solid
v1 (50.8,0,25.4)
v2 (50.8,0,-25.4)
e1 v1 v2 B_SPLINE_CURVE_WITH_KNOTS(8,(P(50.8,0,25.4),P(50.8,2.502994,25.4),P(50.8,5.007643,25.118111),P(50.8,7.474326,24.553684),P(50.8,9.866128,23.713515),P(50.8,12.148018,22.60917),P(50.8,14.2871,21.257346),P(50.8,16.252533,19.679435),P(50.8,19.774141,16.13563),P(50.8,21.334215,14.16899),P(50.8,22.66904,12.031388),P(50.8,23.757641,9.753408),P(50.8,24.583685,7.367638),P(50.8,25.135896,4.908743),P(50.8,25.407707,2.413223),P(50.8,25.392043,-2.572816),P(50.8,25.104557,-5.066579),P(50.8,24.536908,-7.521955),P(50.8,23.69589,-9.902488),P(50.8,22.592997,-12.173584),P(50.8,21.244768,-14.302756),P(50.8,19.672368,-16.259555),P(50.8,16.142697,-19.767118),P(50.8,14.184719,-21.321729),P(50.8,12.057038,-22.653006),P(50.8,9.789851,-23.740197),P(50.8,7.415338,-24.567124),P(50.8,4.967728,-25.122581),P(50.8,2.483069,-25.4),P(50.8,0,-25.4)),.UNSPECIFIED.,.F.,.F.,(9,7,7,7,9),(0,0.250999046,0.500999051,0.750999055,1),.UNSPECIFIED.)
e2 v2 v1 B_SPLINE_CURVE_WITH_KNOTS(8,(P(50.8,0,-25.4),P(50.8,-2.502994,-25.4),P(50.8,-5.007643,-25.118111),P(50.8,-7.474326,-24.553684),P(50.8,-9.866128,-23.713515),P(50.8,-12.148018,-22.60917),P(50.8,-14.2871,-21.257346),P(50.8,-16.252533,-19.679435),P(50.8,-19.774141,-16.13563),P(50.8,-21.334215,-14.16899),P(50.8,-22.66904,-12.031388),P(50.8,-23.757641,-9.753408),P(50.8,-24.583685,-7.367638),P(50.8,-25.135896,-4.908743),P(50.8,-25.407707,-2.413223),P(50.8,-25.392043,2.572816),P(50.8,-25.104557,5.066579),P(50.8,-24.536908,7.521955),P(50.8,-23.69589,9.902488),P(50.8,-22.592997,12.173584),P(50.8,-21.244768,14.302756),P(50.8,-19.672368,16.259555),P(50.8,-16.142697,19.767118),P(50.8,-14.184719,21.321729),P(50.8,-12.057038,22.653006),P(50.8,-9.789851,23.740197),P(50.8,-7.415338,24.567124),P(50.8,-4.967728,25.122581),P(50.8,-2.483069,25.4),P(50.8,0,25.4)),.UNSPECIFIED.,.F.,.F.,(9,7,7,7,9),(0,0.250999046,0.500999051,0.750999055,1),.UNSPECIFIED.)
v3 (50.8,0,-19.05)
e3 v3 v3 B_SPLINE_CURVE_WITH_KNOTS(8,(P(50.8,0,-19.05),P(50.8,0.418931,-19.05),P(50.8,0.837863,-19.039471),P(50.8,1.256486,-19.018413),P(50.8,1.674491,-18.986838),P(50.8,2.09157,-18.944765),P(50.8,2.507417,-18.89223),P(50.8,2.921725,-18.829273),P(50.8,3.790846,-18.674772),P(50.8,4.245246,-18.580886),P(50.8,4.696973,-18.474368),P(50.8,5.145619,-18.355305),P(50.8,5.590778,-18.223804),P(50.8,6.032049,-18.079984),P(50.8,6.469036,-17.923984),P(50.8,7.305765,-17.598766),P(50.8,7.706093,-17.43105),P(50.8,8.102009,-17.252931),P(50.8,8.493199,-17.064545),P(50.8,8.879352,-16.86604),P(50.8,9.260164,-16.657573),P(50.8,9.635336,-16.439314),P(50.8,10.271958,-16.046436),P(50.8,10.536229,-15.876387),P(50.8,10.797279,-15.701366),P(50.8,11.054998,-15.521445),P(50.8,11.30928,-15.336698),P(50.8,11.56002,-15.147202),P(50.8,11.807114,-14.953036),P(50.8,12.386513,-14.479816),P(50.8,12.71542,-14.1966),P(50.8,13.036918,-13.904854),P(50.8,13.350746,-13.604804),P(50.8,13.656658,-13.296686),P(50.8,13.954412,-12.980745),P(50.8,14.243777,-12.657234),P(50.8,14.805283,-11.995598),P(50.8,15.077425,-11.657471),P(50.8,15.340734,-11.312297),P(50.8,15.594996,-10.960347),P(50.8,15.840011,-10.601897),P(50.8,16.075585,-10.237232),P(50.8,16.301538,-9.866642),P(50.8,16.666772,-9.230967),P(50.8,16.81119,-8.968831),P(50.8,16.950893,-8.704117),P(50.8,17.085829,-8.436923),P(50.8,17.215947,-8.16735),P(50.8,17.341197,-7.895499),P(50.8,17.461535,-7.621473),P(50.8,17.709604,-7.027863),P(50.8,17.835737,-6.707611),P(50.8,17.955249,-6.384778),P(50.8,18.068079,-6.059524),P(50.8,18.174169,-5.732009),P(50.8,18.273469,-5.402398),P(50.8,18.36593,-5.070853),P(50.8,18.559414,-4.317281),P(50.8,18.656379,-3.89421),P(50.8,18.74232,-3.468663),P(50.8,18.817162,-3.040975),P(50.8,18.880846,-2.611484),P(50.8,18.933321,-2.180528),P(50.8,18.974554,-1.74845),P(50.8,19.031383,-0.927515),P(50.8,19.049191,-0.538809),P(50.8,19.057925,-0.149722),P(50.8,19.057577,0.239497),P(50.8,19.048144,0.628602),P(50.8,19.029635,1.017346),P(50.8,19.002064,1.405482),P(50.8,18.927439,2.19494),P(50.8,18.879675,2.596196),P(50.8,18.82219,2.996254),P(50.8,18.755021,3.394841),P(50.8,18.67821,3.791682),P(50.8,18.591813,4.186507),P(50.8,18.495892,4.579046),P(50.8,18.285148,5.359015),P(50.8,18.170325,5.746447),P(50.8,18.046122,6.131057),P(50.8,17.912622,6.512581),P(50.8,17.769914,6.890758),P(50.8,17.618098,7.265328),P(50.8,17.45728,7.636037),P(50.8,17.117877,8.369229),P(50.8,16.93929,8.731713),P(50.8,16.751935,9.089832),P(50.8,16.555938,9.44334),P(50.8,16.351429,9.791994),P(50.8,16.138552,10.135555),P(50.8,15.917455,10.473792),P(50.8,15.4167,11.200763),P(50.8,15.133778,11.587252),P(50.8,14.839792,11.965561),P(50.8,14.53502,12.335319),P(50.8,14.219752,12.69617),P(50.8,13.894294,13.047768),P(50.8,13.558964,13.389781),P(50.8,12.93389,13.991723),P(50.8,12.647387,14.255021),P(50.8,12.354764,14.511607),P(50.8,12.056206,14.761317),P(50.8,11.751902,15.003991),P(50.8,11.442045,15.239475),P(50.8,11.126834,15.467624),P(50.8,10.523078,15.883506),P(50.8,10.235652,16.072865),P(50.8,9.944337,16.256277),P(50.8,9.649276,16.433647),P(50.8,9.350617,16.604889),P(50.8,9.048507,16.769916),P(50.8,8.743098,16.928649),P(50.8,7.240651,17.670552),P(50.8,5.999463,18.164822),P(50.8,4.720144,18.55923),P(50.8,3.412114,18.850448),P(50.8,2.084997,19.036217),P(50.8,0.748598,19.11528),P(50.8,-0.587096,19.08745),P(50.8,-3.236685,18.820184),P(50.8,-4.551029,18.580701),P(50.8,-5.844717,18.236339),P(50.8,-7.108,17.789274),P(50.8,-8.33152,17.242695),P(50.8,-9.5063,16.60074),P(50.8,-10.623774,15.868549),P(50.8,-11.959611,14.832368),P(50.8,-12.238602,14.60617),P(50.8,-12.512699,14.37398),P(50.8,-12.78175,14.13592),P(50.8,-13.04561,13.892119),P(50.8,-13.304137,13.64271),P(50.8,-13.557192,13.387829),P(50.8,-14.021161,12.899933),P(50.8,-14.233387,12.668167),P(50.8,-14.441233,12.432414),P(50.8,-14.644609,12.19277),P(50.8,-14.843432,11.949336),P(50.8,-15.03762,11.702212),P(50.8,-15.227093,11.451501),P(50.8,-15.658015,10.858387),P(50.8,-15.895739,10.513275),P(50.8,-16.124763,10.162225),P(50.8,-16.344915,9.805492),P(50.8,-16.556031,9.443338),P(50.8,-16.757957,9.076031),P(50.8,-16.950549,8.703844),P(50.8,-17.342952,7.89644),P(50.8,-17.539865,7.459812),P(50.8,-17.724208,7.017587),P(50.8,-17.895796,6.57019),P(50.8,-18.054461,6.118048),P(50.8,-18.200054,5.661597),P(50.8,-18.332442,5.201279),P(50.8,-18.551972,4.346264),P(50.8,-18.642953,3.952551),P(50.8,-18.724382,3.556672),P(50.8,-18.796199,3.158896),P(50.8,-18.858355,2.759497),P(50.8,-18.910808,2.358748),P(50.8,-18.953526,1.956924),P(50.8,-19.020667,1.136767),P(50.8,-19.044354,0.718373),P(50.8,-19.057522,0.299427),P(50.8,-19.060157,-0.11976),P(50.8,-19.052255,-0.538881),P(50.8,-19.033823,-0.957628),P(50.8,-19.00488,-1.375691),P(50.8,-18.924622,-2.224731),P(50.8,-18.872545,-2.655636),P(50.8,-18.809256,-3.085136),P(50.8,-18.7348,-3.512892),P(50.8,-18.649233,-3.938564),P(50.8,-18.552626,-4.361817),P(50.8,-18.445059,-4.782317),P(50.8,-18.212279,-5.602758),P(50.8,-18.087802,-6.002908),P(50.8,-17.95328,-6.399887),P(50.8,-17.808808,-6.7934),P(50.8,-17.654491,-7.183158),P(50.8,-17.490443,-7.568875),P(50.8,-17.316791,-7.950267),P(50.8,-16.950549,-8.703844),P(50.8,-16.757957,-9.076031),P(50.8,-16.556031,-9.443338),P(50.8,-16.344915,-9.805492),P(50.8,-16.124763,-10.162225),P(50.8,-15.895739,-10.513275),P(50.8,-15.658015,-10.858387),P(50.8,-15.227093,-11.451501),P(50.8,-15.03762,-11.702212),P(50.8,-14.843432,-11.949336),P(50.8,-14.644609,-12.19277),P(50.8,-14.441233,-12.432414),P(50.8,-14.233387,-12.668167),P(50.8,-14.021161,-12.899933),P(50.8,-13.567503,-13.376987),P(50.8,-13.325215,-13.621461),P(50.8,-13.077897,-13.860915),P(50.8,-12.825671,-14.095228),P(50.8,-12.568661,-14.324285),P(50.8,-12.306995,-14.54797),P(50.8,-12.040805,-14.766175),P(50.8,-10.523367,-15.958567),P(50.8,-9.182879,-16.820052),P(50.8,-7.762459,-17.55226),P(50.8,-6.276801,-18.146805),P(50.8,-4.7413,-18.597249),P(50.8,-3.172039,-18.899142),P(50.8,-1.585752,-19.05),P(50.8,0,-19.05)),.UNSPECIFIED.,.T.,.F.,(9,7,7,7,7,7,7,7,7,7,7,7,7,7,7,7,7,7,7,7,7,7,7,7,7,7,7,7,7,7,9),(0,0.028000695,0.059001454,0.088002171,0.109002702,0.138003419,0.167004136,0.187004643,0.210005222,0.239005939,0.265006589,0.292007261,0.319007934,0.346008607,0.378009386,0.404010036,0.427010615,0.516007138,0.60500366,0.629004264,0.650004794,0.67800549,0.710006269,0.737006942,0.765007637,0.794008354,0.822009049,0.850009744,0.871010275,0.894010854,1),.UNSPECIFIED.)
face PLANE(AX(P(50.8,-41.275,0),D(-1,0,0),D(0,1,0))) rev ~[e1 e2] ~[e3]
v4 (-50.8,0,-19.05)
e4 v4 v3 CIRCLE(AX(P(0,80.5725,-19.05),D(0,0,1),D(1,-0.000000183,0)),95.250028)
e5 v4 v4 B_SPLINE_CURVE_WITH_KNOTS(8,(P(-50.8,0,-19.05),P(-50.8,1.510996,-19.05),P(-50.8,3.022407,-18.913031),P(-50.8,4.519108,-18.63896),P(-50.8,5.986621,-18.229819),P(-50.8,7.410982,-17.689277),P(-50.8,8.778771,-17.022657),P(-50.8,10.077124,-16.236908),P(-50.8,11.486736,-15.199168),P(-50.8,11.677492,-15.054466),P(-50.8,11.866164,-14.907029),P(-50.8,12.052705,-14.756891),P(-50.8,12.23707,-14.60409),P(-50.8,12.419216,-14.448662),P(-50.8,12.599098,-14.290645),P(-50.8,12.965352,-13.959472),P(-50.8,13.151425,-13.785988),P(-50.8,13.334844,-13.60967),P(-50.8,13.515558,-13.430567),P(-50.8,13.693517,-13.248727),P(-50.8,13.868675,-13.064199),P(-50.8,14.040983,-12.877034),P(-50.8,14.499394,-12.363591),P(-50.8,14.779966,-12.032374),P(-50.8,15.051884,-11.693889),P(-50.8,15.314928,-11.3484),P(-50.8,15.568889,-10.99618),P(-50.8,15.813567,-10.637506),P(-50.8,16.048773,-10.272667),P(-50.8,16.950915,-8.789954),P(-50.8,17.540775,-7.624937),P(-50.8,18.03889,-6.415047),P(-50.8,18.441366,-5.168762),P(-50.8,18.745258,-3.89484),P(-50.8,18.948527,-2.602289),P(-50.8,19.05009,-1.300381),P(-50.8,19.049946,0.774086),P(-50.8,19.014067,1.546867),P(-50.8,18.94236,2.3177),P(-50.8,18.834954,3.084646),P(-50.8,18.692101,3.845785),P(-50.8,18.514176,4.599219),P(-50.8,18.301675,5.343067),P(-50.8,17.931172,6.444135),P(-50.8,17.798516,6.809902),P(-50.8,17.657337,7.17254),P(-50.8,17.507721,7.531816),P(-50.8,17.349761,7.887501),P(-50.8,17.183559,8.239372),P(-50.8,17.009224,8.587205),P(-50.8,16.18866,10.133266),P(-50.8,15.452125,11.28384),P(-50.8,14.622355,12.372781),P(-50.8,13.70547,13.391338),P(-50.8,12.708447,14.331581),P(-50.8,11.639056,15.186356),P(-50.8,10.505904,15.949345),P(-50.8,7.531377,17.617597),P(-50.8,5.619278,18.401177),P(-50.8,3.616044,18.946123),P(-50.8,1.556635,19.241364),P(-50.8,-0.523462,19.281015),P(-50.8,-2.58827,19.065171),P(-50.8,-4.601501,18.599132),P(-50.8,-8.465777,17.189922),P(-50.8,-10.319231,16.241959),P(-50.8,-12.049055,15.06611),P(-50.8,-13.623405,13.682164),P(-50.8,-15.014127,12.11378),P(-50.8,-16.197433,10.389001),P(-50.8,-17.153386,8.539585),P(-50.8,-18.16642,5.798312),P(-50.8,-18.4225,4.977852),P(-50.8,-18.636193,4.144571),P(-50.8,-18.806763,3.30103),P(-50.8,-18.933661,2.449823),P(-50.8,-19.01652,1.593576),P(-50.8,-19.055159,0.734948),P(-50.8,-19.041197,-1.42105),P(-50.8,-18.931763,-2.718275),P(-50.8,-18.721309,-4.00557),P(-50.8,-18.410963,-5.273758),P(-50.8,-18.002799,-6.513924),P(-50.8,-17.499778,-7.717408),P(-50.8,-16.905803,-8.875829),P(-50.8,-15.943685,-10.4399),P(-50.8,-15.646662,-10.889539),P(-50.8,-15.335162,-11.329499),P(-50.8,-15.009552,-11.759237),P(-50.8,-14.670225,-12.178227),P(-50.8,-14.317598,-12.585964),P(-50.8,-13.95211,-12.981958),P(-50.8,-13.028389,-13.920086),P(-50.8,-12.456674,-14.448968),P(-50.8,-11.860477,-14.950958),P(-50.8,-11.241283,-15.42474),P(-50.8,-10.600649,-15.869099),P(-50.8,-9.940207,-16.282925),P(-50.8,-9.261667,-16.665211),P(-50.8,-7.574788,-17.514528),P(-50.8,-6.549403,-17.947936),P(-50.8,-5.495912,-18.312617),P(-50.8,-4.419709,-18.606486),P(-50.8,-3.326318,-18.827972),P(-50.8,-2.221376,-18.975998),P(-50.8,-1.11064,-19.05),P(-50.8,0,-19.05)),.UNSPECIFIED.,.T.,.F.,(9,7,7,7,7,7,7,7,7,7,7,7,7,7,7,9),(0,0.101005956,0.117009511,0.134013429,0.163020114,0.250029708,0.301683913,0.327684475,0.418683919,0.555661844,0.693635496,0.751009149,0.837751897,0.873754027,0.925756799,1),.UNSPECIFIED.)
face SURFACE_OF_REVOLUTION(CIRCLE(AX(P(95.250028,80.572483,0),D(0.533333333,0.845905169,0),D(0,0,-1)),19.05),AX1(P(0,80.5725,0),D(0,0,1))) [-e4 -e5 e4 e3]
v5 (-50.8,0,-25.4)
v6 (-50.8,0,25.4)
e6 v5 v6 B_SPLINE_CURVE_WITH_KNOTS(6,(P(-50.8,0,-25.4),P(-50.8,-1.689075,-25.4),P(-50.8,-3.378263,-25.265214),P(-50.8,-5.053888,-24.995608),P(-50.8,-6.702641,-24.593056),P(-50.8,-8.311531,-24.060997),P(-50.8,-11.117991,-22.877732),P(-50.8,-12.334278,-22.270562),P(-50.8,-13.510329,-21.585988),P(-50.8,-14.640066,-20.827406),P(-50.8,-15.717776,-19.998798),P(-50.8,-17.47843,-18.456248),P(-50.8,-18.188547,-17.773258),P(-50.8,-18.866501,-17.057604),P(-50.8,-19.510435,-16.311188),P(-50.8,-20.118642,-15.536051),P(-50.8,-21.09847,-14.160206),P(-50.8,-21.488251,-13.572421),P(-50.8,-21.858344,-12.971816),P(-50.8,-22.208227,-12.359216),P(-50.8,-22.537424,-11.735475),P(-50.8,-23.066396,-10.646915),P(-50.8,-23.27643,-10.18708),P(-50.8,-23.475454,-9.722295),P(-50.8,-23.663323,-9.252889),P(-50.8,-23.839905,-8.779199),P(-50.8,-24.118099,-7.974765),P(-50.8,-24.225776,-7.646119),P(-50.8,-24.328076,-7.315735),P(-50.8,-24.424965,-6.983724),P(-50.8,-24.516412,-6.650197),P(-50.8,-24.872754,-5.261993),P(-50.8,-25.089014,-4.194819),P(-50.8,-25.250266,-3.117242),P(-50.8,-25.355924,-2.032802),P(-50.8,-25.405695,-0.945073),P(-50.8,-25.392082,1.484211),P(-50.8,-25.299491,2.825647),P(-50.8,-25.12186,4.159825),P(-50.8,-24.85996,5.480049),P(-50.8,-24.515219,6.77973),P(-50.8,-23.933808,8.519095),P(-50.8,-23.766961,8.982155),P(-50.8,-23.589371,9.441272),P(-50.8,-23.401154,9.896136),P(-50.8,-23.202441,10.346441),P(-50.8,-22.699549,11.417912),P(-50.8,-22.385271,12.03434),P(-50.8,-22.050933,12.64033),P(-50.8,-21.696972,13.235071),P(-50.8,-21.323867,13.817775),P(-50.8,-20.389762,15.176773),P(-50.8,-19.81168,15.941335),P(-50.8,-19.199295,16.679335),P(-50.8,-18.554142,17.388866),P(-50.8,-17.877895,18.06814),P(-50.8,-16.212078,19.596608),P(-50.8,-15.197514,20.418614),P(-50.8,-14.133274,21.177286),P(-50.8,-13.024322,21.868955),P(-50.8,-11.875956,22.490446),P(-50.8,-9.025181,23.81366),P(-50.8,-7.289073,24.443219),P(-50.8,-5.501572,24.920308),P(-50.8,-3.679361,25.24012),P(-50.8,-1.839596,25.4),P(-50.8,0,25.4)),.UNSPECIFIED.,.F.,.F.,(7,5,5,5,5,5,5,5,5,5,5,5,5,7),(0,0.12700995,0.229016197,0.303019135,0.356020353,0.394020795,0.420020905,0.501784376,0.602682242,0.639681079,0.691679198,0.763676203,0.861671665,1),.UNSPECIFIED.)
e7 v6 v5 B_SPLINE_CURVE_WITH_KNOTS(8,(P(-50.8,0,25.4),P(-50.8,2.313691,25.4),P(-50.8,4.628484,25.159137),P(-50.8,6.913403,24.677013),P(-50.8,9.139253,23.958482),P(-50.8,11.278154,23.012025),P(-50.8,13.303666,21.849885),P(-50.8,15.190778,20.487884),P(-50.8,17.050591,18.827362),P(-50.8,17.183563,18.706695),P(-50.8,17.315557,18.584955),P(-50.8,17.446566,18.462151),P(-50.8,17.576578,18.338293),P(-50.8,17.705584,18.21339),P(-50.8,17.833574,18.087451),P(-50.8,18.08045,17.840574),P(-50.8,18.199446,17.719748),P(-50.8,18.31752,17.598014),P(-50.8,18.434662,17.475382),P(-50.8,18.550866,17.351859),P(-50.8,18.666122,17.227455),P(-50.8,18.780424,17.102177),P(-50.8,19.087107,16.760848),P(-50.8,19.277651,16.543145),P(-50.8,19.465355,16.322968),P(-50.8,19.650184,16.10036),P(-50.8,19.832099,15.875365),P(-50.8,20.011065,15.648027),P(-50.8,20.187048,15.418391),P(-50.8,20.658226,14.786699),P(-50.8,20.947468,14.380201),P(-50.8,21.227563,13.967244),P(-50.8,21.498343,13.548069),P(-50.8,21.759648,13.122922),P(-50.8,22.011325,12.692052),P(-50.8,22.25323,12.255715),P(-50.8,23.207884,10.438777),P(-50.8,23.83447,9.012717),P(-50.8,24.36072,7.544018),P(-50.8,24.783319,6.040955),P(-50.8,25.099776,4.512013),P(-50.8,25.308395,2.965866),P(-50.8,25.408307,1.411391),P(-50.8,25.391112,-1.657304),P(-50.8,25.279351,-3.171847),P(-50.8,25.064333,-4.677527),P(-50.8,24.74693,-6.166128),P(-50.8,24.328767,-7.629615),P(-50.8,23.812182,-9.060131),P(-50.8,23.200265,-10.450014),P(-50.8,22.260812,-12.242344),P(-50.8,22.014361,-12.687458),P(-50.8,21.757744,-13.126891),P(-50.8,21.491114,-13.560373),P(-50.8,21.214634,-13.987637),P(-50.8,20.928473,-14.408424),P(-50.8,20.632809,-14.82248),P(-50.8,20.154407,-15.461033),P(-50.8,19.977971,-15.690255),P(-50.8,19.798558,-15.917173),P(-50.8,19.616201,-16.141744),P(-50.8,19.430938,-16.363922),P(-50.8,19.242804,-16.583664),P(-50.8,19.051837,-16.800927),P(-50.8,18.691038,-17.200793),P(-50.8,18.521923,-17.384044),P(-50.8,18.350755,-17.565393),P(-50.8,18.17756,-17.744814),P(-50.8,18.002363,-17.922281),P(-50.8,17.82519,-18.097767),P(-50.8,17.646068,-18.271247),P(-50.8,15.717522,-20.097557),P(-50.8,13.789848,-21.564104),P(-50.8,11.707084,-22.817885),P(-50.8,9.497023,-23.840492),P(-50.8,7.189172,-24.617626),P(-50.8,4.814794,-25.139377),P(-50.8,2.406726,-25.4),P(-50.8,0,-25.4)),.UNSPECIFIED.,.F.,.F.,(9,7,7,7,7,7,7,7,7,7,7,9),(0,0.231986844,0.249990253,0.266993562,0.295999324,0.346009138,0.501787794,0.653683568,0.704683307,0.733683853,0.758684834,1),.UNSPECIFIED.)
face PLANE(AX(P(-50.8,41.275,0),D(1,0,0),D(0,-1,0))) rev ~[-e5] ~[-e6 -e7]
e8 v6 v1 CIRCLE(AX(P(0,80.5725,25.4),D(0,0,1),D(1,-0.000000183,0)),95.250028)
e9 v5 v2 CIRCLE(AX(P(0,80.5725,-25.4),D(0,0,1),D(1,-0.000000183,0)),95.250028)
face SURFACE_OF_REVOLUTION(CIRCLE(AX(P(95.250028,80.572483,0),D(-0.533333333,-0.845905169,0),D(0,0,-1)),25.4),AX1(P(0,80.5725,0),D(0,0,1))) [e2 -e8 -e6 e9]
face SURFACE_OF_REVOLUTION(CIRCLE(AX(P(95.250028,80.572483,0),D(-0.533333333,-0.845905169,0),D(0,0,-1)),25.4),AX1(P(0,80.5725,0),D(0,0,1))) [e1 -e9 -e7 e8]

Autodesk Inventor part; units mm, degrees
ref_plane "YZ Plane" through (0, 0, 0) normal (1, 0, 0) x (0, 1, 0)
ref_plane "XZ Plane" through (0, 0, 0) normal (0, 1, 0) x (-1, 0, 0)
ref_plane "XY Plane" through (0, 0, 0) normal (0, 0, 1) x (1, 0, 0)
sketch "Sketch1" plane through (0, 0, 0) normal (0, 0, 1) x (1, 0, 0)
  line L0 (-50.8, -41.275) -> (50.8, -41.275)
  line L1 (50.8, -41.275) -> (50.8, 41.275)
  line L2 (50.8, 41.275) -> (-50.8, 41.275)
  line L3 (-50.8, 41.275) -> (-50.8, -41.275)
  line L4 (-50.8, -41.275) -> (50.8, 41.275) construction
  line L5 (50.8, -41.275) -> (-50.8, 41.275) construction
  point P0 (0, 0)
  dimension "d0" = 101.6
  dimension "d1" = 82.55
extrude "Extrusion1" add sketch "Sketch1" along normal mid plane 50.8
sketch "Sketch2" plane through (50.8, -41.275, 25.4) normal (1, 0, 0) x (0, 0, -1)
  line L0 (50.8, 82.55) -> (50.8, 0) construction
  line L1 (50.8, 0) -> (0, 0) construction
  line L2 (0, 0) -> (0, 82.55) construction
  line L3 (0, 82.55) -> (50.8, 82.55) construction
  circle A0 centre (25.4, 41.275) radius 19.05
  line L4 (50.8, 82.55) -> (0, 82.55) construction
  dimension "d4" = 38.1
sketch "Sketch3" plane through (0, 0, 0) normal (0, 0, 1) x (1, 0, 0)
  line L0 (50.8, -41.275) -> (-50.8, -41.275) construction
  line L1 (-50.8, -41.275) -> (-50.8, 41.275) construction
  line L2 (-50.8, 41.275) -> (50.8, 41.275) construction
  line L3 (50.8, 41.275) -> (50.8, -41.275) construction
  arc A0 (-50.8, 0) -> (50.8, 0) centre (0, 80.5725) ccw construction
  circle A1 centre (0, 80.5725) radius 95.25
  point P0 (0, 0)
  dimension "d5" = 95.25
sweep "Sweep1" cut profiles "Sketch2" path "Sketch3"
sketch "Sketch7" plane through (50.8, -41.275, 25.4) normal (1, 0, 0) x (0, 0, -1)
  circle A0 centre (25.4, 41.275) radius 19.05 construction
  line L0 (50.8, 82.55) -> (50.8, 0) construction
  line L1 (50.8, 0) -> (0, 0) construction
  line L2 (0, 0) -> (0, 82.55) construction
  line L3 (0, 82.55) -> (50.8, 82.55) construction
  circle A1 centre (25.4, 41.275) radius 25.4
  line L4 (0, 0) -> (0, 82.55) construction
  line L5 (0, 41.275) -> (50.8, 41.275)
  line L6 (50.8, 41.275) -> (50.8, 107.95)
  line L7 (50.8, 107.95) -> (0, 107.95)
  line L8 (0, 107.95) -> (0, 41.275)
  line L9 (50.8, 82.55) -> (50.8, 0) construction
  line L10 (0, 41.275) -> (50.8, 41.275)
  line L11 (50.8, 41.275) -> (50.8, -25.4)
  line L12 (50.8, -25.4) -> (0, -25.4)
  line L13 (0, -25.4) -> (0, 41.275)
  point P0 (25.4, 41.275)
  point P1 (25.4, -25.4)
  dimension "d20" = 6.35
  dimension "d21" = 25.4
  dimension "d22" = 25.4
sweep "Sweep5" cut profiles "Sketch7" path "Sketch3" contours A1 L8 L7 L6
sweep "Sweep6" cut profiles "Sketch7" path "Sketch3" contours L11 L12 L13 A1
sketch "Sketch8" plane through (0, 0, 25.4) normal (0, 0, 1) x (1, 0, 0)
  arc A0 (-35.0641, 41.275) -> (35.0641, 41.275) centre (0, 80.5725) ccw construction
  line L0 (-35.0641, 41.275) -> (35.0641, 41.275)
  line L1 (35.0641, 41.275) -> (35.0641, 27.9058)
  line L2 (35.0641, 27.9058) -> (-35.0641, 27.9058)
  line L3 (-35.0641, 27.9058) -> (-35.0641, 41.275)
  arc A1 (-50.8, 0) -> (50.8, 0) centre (0, 80.5725) ccw construction
  arc A2 (-35.0641, 41.275) -> (35.0641, 41.275) centre (0, 80.5725) ccw construction
  line L4 (-35.0641, 41.275) -> (35.0641, 41.275) construction
  arc A3 (-35.0641, 41.275) -> (35.0641, 41.275) centre (0, 80.5725) ccw construction
  point P0 (0, 0)
extrude "Extrusion3" cut sketch "Sketch8" against normal through all
equation "\"d22\" = d21"
properties part number "EL2-024" material "Aluminum 6061"
